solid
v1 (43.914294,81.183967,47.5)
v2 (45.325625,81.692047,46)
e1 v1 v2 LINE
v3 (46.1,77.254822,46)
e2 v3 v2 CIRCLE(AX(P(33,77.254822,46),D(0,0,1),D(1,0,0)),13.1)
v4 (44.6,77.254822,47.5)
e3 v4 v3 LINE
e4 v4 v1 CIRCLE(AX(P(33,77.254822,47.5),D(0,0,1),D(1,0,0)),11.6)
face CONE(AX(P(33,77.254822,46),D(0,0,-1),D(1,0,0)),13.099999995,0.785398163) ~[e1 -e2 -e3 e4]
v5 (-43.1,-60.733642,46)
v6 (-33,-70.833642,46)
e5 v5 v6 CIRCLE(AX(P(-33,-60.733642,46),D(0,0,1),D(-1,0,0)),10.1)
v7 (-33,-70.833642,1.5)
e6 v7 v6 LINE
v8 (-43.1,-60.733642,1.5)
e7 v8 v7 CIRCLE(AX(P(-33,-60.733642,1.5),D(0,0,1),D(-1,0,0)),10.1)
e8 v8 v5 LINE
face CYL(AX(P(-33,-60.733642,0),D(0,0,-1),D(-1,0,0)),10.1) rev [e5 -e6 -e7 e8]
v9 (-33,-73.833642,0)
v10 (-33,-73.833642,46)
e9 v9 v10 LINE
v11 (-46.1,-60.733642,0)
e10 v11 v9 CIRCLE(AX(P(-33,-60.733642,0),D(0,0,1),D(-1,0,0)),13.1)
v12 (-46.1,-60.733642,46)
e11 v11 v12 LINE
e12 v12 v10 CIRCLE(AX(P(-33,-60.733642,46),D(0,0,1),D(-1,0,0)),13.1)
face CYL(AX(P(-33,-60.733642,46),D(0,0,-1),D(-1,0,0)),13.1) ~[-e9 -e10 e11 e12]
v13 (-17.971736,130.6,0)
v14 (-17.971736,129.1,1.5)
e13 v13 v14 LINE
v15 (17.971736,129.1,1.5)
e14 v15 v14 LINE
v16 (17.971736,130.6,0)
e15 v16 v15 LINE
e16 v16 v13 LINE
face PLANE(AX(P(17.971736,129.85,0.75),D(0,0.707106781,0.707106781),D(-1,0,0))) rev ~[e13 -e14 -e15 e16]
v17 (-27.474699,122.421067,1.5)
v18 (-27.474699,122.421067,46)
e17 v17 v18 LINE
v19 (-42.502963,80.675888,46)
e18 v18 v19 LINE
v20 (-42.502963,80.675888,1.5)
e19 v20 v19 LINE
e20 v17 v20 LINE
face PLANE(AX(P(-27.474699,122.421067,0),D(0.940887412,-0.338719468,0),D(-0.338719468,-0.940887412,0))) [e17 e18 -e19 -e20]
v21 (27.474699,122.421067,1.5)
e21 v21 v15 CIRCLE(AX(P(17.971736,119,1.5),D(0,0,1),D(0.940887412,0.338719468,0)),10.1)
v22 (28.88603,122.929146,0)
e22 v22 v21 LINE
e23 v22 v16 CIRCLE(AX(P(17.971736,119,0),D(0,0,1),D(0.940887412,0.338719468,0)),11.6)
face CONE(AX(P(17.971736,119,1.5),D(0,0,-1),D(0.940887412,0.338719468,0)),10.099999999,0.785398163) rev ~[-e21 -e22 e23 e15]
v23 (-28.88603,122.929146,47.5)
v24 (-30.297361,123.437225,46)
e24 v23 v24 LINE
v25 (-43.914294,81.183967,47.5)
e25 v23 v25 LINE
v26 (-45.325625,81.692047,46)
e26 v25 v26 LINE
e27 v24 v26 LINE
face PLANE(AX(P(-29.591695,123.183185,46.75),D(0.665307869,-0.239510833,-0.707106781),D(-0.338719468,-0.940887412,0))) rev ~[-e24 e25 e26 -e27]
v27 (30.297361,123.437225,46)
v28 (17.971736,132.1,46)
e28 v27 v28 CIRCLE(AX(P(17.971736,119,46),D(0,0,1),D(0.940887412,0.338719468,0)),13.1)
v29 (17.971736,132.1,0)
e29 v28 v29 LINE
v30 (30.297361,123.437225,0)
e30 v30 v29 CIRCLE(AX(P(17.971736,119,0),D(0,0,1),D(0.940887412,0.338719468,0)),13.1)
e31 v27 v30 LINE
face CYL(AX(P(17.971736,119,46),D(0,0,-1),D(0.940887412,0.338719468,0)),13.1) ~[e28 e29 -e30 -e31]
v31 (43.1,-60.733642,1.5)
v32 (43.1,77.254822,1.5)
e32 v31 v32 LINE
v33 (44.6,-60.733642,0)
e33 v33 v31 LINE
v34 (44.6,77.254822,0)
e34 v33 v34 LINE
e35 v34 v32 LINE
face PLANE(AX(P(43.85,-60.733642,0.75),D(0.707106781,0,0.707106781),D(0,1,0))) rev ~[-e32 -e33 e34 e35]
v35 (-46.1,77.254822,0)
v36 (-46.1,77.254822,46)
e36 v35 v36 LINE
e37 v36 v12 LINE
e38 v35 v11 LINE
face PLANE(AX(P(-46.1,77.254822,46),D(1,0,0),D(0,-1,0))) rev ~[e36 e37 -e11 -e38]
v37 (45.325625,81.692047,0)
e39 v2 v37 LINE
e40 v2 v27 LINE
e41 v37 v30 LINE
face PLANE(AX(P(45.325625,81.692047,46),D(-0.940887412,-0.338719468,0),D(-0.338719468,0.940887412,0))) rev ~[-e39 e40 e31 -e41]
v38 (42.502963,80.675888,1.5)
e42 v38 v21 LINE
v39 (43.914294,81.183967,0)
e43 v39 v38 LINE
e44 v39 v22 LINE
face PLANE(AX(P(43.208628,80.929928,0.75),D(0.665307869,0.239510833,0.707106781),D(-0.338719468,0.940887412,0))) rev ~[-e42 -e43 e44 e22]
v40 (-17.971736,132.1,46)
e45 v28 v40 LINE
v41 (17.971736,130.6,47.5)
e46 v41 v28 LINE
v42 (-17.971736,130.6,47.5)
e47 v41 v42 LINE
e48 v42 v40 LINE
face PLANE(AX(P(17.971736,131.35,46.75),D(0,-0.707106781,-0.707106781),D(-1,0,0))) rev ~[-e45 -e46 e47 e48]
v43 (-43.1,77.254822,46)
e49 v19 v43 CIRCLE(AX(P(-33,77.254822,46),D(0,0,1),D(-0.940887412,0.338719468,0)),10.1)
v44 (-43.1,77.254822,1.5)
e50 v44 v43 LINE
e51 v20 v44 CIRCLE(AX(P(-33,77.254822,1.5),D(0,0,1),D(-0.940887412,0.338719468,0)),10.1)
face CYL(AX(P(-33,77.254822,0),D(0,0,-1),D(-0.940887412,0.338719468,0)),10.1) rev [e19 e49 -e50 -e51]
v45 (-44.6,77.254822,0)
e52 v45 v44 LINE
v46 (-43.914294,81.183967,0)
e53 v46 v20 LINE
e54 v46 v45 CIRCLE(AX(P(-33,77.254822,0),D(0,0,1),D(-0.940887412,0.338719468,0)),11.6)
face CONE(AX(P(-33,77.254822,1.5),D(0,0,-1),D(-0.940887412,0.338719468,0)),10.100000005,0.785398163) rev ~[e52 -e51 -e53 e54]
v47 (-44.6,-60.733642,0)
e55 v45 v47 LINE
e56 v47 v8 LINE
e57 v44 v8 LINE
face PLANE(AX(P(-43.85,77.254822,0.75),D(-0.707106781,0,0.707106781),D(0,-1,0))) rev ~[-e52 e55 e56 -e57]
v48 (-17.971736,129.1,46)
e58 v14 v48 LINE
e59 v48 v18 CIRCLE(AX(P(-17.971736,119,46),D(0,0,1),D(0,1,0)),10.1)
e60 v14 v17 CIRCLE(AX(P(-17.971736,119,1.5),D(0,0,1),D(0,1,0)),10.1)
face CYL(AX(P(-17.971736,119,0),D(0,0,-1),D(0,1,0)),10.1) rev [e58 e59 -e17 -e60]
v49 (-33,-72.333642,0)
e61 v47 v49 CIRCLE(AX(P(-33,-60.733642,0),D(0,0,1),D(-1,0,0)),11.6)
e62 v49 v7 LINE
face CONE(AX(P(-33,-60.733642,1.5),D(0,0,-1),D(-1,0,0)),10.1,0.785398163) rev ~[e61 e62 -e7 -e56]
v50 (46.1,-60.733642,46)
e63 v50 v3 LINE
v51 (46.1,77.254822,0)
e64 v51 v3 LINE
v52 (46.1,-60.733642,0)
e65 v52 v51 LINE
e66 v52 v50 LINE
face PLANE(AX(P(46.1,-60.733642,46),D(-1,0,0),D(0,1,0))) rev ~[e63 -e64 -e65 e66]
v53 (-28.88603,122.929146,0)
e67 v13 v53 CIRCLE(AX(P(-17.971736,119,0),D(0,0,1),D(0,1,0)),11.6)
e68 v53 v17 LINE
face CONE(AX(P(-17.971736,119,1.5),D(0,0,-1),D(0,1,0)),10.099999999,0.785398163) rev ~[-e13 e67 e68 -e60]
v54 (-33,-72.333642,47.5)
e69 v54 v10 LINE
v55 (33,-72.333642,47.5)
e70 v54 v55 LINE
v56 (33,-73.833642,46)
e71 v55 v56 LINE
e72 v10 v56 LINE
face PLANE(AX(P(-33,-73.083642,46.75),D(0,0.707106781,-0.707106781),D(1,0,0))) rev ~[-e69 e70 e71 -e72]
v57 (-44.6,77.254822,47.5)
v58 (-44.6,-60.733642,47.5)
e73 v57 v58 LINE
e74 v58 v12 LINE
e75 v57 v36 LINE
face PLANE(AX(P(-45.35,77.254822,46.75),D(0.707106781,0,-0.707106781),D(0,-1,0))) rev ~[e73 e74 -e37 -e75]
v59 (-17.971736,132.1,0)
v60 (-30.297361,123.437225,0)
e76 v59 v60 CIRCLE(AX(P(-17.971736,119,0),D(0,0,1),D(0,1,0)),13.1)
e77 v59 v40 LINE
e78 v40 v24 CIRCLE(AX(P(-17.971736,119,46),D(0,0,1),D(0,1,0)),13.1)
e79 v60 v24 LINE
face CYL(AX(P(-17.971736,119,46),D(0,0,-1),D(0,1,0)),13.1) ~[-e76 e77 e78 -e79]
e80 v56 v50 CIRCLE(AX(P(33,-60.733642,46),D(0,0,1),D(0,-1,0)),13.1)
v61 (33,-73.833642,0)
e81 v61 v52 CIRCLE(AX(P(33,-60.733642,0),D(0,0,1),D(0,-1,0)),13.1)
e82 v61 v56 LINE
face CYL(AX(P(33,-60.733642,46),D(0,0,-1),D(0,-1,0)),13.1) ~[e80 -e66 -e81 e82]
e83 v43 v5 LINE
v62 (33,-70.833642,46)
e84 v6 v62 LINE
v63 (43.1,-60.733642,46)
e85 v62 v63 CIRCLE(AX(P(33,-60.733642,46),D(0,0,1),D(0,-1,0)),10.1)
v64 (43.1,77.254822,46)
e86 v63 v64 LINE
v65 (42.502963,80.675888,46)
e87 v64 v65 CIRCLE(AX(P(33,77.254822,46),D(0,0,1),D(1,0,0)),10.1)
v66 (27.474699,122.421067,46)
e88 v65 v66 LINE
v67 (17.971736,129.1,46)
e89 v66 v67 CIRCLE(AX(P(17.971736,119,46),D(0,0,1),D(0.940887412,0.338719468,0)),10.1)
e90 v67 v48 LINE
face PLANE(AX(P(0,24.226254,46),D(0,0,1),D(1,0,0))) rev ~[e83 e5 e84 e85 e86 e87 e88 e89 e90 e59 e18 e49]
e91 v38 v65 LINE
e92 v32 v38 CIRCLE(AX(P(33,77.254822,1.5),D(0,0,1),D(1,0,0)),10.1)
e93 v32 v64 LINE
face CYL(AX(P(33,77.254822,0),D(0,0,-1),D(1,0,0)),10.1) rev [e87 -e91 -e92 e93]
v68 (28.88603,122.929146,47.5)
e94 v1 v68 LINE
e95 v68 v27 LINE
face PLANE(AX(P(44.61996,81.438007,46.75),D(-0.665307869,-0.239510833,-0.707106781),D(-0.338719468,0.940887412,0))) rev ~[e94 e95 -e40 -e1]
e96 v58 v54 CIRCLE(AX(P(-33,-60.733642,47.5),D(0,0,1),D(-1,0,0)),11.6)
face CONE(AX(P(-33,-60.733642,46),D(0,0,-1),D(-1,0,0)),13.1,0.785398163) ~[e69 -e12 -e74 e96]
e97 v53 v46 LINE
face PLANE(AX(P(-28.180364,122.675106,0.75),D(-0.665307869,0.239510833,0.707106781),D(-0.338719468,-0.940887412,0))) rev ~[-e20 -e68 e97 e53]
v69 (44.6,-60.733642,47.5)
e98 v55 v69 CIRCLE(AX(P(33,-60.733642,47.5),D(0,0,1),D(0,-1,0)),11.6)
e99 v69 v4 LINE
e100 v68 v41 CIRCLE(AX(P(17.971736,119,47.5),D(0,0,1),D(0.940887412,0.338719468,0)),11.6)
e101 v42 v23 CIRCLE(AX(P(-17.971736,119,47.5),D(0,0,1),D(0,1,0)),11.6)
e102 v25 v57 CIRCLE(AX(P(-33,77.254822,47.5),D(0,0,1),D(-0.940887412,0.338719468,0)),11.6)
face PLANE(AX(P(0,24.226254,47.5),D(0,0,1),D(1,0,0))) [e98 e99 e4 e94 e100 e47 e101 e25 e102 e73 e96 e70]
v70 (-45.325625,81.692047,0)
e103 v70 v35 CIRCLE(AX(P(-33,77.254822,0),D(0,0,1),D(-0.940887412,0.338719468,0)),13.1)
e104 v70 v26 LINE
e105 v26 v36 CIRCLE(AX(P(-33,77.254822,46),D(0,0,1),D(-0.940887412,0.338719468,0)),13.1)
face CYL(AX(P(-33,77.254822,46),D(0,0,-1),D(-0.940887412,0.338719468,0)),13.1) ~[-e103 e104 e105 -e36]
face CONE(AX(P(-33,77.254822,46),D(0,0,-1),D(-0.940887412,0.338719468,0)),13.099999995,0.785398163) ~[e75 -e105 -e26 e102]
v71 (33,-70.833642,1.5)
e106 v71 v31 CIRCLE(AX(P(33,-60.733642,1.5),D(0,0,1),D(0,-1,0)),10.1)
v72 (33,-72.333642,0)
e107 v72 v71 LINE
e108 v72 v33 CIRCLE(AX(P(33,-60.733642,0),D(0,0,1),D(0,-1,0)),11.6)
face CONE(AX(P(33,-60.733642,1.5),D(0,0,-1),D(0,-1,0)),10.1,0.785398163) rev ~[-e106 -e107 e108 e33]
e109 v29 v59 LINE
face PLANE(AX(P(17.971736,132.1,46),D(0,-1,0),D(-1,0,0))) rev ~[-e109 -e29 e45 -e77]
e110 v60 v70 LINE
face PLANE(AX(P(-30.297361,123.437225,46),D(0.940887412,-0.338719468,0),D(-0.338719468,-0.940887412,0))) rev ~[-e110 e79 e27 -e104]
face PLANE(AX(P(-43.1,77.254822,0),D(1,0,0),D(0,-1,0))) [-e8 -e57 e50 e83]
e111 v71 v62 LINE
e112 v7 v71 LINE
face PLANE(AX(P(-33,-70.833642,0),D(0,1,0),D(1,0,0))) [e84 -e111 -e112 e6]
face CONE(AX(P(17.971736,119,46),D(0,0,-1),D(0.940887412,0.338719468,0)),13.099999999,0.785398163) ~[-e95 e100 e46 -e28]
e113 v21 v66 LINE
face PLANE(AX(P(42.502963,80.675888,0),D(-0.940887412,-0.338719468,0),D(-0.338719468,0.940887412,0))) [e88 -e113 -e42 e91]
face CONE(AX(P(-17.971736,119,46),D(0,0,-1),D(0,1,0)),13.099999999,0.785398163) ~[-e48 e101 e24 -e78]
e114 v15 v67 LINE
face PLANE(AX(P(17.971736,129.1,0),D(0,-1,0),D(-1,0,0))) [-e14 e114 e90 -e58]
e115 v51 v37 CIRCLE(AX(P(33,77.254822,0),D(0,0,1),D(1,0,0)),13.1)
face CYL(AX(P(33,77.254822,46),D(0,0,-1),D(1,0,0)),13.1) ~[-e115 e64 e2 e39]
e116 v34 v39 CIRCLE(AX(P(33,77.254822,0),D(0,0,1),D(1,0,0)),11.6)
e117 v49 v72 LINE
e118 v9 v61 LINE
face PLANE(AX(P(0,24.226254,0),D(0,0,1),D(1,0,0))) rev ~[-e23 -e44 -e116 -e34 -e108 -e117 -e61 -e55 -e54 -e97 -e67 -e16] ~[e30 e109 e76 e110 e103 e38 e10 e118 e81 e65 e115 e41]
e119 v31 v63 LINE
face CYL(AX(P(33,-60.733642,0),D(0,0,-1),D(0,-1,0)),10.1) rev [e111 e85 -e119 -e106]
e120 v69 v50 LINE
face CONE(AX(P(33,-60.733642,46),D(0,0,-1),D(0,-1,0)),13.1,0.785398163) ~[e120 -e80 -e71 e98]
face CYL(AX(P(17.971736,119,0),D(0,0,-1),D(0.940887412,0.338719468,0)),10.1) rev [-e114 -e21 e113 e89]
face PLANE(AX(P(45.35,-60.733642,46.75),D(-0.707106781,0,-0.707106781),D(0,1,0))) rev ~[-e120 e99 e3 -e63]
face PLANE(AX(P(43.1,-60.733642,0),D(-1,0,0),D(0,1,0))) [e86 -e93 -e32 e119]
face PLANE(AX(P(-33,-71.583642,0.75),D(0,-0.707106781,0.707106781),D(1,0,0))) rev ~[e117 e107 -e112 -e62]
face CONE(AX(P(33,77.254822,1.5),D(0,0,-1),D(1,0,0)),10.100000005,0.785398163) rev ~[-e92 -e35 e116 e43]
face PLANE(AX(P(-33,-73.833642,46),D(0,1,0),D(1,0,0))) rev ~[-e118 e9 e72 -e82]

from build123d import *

# Parameters (mm, degrees)
BOSS_EXTRUDE1_DEPTH = 46
BOSS_EXTRUDE2_DEPTH = 1.5
CHAMFER1_SIZE       = 1.5


with BuildPart() as part:
    # Sketch1 → Boss-Extrude1 (new body)
    with BuildSketch(Plane.XY):
        with BuildLine():
            Line((-30.297360891, 123.437225034), (-45.325625095, 81.692046689))
            ThreePointArc((-45.325625095, 81.692046689), (-45.904954257, 79.506966326), (-46.1, 77.254821654))
            Line((-46.1, 77.254821654), (-46.1, -60.733642247))
            ThreePointArc((-46.1, -60.733642247), (-42.263098834, -69.99674108), (-33, -73.833642247))
            Line((-33, -73.833642247), (33, -73.833642247))
            ThreePointArc((33, -73.833642247), (42.263098834, -69.99674108), (46.1, -60.733642247))
            Line((46.1, -60.733642247), (46.1, 77.254821654))
            ThreePointArc((46.1, 77.254821654), (45.904954257, 79.506966326), (45.325625095, 81.692046689))
            Line((45.325625095, 81.692046689), (30.297360891, 123.437225034))
            ThreePointArc((30.297360891, 123.437225034), (25.504409692, 129.717687436), (17.971735796, 132.1))
            Line((17.971735796, 132.1), (-17.971735796, 132.1))
            ThreePointArc((-17.971735796, 132.1), (-25.504409692, 129.717687436), (-30.297360891, 123.437225034))
        make_face()
        with BuildLine():
            Line((-27.474698655, 122.42106663), (-42.50296286, 80.675888284))
            ThreePointArc((-42.50296286, 80.675888284), (-42.949621221, 78.991208005), (-43.1, 77.254821654))
            Line((-43.1, 77.254821654), (-43.1, -60.733642247))
            ThreePointArc((-43.1, -60.733642247), (-40.14177849, -67.875420737), (-33, -70.833642247))
            Line((-33, -70.833642247), (33, -70.833642247))
            ThreePointArc((33, -70.833642247), (40.14177849, -67.875420737), (43.1, -60.733642247))
            Line((43.1, -60.733642247), (43.1, 77.254821654))
            ThreePointArc((43.1, 77.254821654), (42.949621221, 78.991208005), (42.50296286, 80.675888284))
            Line((42.50296286, 80.675888284), (27.474698655, 122.42106663))
            ThreePointArc((27.474698655, 122.42106663), (23.779369868, 127.263255199), (17.971735796, 129.1))
            Line((17.971735796, 129.1), (-17.971735796, 129.1))
            ThreePointArc((-17.971735796, 129.1), (-23.779369868, 127.263255199), (-27.474698655, 122.42106663))
        make_face(mode=Mode.SUBTRACT)
    extrude(amount=BOSS_EXTRUDE1_DEPTH)

    # Sketch2 → Boss-Extrude2 (add)
    with BuildSketch(Plane.XY.offset(46)):
        with BuildLine():
            Line((17.971735796, 132.1), (-17.971735796, 132.1))
            ThreePointArc((-17.971735796, 132.1), (-25.504409692, 129.717687436), (-30.297360891, 123.437225034))
            Line((-30.297360891, 123.437225034), (-45.325625095, 81.692046689))
            ThreePointArc((-45.325625095, 81.692046689), (-45.904954257, 79.506966326), (-46.1, 77.254821654))
            Line((-46.1, 77.254821654), (-46.1, -60.733642247))
            ThreePointArc((-46.1, -60.733642247), (-42.263098834, -69.99674108), (-33, -73.833642247))
            Line((-33, -73.833642247), (33, -73.833642247))
            ThreePointArc((33, -73.833642247), (42.263098834, -69.99674108), (46.1, -60.733642247))
            Line((46.1, -60.733642247), (46.1, 77.254821654))
            ThreePointArc((46.1, 77.254821654), (45.904954257, 79.506966326), (45.325625095, 81.692046689))
            Line((45.325625095, 81.692046689), (30.297360891, 123.437225034))
            ThreePointArc((30.297360891, 123.437225034), (25.504409692, 129.717687436), (17.971735796, 132.1))
        make_face()
    extrude(amount=BOSS_EXTRUDE2_DEPTH)

    # Chamfer1
    chamfer1_edges = [part.edges().sort_by_distance(p)[0] for p in [
        (-23.779369868, 127.263255199, 0),
        (-34.988830758, 101.548477457, 0),
        (-42.949621221, 78.991208005, 0),
        (-43.1, 8.260589704, 0),
        (-40.14177849, -67.875420737, 0),
        (0, -70.833642247, 0),
        (40.14177849, -67.875420737, 0),
        (43.1, 8.260589704, 0),
        (42.949621221, 78.991208005, 0),
        (34.988830758, 101.548477457, 0),
        (23.779369868, 127.263255199, 0),
        (0, 129.1, 0),
        (25.504409692, 129.717687436, 47.5),
        (0, 132.1, 47.5),
        (-25.504409692, 129.717687436, 47.5),
        (-37.811492993, 102.564635861, 47.5),
        (-45.904954257, 79.506966326, 47.5),
        (-46.1, 8.260589704, 47.5),
        (-42.263098834, -69.99674108, 47.5),
        (0, -73.833642247, 47.5),
        (42.263098834, -69.99674108, 47.5),
        (46.1, 8.260589704, 47.5),
        (45.904954257, 79.506966326, 47.5),
        (37.811492993, 102.564635861, 47.5),
    ]]
    chamfer(chamfer1_edges, length=CHAMFER1_SIZE)


solid = part.part
